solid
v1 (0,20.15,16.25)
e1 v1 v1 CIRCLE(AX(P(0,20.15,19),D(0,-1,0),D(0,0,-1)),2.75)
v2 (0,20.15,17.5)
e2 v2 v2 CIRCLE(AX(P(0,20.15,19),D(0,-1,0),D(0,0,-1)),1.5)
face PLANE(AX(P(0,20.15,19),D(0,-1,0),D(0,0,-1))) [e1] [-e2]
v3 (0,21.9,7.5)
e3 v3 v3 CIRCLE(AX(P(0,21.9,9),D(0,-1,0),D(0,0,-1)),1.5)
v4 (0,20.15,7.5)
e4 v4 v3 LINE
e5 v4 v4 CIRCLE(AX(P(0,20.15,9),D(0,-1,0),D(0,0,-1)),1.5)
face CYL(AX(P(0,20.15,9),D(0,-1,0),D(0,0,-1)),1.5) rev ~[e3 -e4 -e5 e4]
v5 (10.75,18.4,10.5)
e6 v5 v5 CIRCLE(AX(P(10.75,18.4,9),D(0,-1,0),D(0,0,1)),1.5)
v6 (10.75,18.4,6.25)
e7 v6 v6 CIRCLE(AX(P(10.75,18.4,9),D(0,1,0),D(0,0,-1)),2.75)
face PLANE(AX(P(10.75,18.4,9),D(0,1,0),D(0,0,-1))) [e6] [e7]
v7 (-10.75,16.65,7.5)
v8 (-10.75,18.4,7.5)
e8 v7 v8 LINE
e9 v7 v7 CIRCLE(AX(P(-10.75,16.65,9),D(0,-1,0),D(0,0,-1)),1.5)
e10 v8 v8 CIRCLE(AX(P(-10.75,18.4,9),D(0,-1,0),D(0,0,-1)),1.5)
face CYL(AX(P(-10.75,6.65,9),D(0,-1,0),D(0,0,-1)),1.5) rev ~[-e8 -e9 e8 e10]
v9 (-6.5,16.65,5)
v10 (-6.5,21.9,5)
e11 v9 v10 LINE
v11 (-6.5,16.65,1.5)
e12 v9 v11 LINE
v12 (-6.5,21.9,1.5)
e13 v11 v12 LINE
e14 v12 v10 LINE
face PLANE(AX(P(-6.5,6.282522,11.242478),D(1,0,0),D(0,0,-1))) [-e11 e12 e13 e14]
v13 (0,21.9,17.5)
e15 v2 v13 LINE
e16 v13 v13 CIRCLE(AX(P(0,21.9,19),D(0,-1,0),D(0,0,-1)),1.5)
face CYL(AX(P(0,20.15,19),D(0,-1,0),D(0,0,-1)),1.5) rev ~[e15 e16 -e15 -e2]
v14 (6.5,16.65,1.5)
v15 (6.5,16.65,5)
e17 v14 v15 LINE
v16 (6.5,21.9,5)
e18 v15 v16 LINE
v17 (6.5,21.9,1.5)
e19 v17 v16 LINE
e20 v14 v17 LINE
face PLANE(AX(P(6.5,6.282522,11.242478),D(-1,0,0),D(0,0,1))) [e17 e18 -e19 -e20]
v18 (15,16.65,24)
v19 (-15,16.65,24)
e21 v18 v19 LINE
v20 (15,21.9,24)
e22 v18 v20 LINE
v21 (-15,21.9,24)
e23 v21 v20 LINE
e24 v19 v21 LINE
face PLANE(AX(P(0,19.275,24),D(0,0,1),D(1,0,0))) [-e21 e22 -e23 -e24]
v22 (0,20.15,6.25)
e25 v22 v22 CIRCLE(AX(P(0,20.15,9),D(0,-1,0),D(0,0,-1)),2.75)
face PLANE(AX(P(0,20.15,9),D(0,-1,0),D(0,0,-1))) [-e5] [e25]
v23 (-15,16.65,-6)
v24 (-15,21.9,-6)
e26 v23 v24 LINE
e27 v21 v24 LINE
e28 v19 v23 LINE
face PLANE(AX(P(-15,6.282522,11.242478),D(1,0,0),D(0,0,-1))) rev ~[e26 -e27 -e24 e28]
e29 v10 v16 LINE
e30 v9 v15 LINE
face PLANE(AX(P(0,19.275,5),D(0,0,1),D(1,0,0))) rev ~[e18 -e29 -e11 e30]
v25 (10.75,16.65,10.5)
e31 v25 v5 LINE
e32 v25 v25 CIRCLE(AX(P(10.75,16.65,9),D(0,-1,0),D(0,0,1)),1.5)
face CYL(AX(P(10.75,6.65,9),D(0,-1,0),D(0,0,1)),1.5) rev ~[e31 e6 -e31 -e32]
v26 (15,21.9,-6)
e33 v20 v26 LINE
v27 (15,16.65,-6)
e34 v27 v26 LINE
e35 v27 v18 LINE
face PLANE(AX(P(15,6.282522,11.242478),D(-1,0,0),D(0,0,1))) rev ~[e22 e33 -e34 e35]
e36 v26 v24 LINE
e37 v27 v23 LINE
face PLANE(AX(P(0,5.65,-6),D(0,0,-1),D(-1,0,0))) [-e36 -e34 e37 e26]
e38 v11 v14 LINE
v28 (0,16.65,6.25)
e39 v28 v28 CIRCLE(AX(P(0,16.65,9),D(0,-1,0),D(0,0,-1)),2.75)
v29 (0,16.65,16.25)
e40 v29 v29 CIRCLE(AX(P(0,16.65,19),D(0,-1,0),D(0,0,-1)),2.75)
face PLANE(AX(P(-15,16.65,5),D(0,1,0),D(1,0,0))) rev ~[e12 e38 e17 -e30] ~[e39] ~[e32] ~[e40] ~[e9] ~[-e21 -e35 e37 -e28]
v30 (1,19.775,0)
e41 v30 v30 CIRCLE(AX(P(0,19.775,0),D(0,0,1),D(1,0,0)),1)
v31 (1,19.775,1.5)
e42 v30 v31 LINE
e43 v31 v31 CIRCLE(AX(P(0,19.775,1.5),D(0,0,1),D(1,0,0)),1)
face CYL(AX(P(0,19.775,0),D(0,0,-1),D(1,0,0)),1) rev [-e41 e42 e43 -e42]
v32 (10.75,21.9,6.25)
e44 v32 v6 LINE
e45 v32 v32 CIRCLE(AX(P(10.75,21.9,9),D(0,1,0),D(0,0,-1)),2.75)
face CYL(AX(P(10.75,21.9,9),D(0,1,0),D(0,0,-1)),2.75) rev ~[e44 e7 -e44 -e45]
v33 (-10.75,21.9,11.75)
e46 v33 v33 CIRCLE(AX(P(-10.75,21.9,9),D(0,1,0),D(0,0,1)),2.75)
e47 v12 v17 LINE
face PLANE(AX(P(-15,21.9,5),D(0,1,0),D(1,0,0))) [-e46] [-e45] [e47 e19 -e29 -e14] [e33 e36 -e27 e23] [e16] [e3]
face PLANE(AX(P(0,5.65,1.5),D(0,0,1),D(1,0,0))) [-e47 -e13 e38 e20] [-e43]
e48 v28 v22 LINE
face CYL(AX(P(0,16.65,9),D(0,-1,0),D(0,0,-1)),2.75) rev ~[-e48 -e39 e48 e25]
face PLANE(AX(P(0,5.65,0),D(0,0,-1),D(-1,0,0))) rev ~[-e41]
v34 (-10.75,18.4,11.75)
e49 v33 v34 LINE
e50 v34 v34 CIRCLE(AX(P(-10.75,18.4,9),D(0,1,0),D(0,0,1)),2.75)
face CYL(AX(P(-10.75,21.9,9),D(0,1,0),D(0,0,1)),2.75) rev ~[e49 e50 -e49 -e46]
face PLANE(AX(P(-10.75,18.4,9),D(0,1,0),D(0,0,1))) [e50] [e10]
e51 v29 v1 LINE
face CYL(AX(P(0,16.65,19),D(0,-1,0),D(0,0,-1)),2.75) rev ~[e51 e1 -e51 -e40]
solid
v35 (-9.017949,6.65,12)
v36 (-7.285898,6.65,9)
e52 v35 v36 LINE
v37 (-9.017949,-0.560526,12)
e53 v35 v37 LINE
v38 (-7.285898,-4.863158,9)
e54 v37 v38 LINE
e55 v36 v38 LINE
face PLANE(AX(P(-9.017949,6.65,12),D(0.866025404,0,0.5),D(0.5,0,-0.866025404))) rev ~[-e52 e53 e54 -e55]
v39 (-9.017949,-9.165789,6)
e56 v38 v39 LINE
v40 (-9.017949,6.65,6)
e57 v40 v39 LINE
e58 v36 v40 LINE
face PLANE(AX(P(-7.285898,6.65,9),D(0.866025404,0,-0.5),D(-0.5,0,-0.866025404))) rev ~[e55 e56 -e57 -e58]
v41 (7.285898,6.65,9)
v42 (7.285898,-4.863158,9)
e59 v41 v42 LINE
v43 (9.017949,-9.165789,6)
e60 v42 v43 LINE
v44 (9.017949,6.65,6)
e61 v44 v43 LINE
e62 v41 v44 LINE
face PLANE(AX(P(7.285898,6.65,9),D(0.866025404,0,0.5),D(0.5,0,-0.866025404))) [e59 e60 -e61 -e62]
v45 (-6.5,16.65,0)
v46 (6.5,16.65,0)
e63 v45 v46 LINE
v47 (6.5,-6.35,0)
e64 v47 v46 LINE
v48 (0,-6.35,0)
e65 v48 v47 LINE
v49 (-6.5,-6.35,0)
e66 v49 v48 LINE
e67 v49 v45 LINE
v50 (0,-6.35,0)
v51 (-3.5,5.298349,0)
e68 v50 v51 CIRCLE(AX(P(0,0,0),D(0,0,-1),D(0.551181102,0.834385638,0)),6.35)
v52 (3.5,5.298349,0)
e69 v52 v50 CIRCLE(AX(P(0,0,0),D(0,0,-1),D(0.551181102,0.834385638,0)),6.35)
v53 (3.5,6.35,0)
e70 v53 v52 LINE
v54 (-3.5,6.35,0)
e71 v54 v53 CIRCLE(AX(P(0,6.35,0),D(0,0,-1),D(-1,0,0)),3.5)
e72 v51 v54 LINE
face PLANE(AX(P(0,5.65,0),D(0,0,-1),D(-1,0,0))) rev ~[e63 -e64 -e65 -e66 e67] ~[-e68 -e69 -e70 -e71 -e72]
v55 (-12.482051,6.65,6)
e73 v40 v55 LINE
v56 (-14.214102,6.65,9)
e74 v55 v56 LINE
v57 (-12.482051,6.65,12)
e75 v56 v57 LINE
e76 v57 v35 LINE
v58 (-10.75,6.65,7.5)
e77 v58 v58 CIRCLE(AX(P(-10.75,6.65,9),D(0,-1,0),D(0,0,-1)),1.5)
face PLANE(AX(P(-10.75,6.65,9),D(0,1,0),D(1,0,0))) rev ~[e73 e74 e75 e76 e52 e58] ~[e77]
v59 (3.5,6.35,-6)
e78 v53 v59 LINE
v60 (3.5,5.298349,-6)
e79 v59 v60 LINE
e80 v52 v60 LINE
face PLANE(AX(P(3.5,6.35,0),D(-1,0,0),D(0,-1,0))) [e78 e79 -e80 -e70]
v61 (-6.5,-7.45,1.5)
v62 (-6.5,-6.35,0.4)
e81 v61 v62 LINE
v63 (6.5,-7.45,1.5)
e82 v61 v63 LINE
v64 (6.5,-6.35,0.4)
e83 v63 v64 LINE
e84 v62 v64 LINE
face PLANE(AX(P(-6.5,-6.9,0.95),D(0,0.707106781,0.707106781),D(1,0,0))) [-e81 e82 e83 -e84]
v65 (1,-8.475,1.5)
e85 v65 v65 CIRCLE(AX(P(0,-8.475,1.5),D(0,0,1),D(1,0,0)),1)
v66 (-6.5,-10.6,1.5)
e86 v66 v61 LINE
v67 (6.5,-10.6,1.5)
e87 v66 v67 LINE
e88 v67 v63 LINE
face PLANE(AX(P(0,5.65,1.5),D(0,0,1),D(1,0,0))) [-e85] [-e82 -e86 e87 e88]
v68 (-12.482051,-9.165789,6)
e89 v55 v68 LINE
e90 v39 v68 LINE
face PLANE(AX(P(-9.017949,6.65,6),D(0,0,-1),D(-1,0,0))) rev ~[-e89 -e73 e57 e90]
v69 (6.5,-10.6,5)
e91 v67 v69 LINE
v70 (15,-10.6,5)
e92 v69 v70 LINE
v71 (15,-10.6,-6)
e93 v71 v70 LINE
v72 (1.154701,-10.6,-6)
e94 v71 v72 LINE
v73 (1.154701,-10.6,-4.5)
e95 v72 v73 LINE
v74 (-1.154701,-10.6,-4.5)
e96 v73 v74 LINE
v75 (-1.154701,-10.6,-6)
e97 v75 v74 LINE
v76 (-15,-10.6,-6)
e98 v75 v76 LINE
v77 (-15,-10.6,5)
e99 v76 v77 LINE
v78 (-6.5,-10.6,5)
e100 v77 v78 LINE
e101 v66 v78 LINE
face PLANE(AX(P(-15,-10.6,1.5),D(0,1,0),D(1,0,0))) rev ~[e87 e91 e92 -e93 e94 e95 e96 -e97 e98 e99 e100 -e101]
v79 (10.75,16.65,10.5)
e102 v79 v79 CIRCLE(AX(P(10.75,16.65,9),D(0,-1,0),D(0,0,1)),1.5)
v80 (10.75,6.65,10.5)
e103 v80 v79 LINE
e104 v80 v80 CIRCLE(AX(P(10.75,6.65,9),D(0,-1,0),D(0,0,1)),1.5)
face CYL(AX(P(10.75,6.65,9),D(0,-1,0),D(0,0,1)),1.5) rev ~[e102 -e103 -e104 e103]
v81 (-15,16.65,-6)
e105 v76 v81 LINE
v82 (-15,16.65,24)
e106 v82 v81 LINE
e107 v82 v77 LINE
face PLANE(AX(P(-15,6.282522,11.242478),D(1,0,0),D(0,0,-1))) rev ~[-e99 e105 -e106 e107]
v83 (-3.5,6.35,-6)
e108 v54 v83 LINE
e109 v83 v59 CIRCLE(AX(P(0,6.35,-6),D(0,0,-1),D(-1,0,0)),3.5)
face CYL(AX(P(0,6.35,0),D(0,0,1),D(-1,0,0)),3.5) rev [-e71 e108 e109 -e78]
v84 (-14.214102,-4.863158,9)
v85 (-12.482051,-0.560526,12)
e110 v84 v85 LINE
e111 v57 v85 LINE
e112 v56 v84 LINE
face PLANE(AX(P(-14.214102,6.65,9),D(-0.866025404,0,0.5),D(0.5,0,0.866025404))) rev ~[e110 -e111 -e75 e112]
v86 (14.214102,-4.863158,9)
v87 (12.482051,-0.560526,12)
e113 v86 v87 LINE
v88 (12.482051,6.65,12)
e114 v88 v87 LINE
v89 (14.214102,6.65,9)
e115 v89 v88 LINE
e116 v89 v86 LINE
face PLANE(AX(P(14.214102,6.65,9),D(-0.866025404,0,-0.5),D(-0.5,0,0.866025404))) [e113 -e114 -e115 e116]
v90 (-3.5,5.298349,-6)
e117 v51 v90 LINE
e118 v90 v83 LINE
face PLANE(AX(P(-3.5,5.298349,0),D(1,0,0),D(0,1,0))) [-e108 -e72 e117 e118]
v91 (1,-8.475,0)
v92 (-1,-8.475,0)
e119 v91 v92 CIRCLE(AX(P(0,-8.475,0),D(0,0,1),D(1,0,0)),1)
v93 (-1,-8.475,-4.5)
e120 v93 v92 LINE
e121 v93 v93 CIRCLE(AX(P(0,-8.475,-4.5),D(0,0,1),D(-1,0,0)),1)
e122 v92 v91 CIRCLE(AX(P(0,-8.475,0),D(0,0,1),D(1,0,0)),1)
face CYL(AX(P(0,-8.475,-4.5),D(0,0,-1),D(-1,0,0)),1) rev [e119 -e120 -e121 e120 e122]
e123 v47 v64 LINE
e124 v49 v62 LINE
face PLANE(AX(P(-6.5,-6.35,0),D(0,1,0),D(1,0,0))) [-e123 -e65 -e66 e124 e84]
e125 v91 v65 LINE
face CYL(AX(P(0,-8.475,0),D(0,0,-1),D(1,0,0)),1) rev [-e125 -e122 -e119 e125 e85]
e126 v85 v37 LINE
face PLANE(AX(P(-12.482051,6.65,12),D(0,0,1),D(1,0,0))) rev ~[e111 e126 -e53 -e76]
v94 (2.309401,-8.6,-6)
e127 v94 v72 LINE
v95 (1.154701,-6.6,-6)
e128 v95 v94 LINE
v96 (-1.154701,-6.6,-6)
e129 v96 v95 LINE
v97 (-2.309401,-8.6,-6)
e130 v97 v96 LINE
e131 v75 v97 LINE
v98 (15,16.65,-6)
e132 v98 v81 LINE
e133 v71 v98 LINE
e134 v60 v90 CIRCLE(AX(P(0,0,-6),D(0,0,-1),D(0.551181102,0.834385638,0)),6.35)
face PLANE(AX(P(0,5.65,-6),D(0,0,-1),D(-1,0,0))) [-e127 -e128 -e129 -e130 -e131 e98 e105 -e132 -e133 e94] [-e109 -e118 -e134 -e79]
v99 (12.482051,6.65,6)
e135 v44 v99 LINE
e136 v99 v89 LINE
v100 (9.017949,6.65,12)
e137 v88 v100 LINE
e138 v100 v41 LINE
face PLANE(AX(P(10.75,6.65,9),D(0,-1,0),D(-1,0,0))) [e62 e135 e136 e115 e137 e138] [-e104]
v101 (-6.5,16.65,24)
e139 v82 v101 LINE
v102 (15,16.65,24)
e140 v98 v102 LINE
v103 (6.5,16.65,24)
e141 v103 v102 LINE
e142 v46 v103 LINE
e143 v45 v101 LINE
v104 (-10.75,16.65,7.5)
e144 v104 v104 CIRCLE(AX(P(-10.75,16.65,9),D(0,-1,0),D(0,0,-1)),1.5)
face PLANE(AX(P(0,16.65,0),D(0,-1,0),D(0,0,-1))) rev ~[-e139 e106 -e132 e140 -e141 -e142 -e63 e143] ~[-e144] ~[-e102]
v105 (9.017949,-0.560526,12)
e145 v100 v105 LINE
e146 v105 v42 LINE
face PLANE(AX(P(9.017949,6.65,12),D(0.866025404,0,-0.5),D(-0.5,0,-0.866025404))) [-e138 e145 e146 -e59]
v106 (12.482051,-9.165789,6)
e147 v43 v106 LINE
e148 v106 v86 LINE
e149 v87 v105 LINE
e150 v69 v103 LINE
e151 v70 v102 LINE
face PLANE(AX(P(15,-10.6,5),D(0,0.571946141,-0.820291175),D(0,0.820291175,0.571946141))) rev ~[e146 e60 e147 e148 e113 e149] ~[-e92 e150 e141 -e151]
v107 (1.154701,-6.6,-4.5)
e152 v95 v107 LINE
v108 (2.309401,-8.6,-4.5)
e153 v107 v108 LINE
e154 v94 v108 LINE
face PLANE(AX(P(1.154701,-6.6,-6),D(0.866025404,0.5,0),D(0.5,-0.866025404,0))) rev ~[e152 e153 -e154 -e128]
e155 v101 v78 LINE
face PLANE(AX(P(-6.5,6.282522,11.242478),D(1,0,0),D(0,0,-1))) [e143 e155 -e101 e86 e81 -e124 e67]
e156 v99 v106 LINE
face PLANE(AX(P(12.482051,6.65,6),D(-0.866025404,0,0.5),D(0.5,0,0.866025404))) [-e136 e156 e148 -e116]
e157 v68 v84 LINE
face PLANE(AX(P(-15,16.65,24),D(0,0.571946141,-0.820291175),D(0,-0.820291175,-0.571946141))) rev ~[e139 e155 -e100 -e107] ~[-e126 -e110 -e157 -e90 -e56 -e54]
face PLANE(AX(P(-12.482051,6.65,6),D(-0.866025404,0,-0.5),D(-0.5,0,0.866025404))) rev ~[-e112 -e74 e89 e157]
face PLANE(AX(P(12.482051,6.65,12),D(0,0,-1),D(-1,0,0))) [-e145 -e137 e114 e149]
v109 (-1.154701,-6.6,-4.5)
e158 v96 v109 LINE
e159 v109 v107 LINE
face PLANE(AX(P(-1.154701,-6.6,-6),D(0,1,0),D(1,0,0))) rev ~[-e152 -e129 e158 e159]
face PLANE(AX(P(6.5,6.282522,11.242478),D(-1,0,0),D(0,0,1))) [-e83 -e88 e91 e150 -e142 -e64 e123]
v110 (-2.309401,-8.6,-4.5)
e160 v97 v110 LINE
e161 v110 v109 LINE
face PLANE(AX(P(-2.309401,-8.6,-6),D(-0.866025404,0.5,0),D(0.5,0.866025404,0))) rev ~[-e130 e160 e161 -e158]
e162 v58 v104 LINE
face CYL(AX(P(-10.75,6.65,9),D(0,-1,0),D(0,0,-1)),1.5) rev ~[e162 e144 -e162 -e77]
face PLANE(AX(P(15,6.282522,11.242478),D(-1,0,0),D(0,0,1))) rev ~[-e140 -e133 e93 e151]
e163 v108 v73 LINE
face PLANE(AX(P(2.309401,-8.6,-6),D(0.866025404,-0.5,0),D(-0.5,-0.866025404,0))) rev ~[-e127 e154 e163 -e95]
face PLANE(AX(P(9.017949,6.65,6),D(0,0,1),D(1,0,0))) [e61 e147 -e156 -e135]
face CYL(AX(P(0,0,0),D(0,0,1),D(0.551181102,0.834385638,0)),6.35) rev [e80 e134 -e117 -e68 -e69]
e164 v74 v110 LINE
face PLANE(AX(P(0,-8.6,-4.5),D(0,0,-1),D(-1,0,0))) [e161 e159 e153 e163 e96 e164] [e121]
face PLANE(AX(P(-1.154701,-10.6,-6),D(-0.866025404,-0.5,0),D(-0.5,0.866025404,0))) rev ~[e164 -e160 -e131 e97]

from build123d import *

# Parameters (mm, degrees)
SKETCH1_W           = 30
SKETCH1_H           = 32.5
SKETCH1_R           = 1
SKETCH1_W_2         = 13
SKETCH1_H_2         = 23
BOSS_EXTRUDE3_DEPTH = 1.5
SKETCH6_W           = 30
SKETCH6_H           = 32.5
BOSS_EXTRUDE4_DEPTH = 6
CUT_EXTRUDE1_DEPTH  = 6
SKETCH7_W           = 8.5
SKETCH7_H           = 32.5
BOSS_EXTRUDE5_DEPTH = 3.5
SKETCH8_W           = 30
SKETCH8_H           = 5.25
BOSS_EXTRUDE6_DEPTH = 19
BOSS_EXTRUDE7_DEPTH = 8.5
BOSS_EXTRUDE8_DEPTH = 8.5
CUT_EXTRUDE2_DEPTH  = 1.5
CUT_EXTRUDE3_START  = -4.5
SKETCH14_R          = 1
CUT_EXTRUDE3_DEPTH  = 4.5
CHAMFER2_SIZE       = 1.1
SKETCH15_R          = 2.75
CUT_EXTRUDE4_DEPTH  = 3.5
SKETCH16_R          = 1.5
CUT_EXTRUDE5_DEPTH  = 1.75
CUT_EXTRUDE6_REACH  = 35.145
SKETCH20_R          = 1.5
CUT_EXTRUDE7_DEPTH  = 15.25
SKETCH21_R          = 2.75
CUT_EXTRUDE8_DEPTH  = 3.5


with BuildPart() as part:
    # Sketch1 → Boss-Extrude3 (new body)
    with BuildSketch(Plane.XY):
        with Locations((0, 5.65)):
            Rectangle(SKETCH1_W, SKETCH1_H)
        with Locations((0, -8.475)):
            Circle(SKETCH1_R, mode=Mode.SUBTRACT)
        with Locations((0, 19.775)):
            Circle(SKETCH1_R, mode=Mode.SUBTRACT)
        with Locations((0, 5.15)):
            Rectangle(SKETCH1_W_2, SKETCH1_H_2, mode=Mode.SUBTRACT)
    extrude(amount=BOSS_EXTRUDE3_DEPTH)

    # Sketch6 → Boss-Extrude4 (add)
    with BuildSketch(Plane(origin=(0, 0, 0), x_dir=(-1, 0, 0), z_dir=(0, 0, -1))):
        with Locations((0, 5.65)):
            Rectangle(SKETCH6_W, SKETCH6_H)
    extrude(amount=BOSS_EXTRUDE4_DEPTH)

    # Sketch1<3> → Cut-Extrude1 (cut)
    with BuildSketch(Plane.XY):
        with BuildLine():
            Line((3.5, 6.35), (3.5, 5.298348799))
            ThreePointArc((3.5, 5.298348799), (0, -6.35), (-3.5, 5.298348799))
            Line((-3.5, 5.298348799), (-3.5, 6.35))
            ThreePointArc((-3.5, 6.35), (0, 9.85), (3.5, 6.35))
        make_face()
    extrude(amount=-CUT_EXTRUDE1_DEPTH, mode=Mode.SUBTRACT)

    # Sketch7 → Boss-Extrude5 (add)
    with BuildSketch(Plane.XY.offset(1.5)):
        with Locations((-10.75, 5.65)):
            Rectangle(SKETCH7_W, SKETCH7_H)
        with Locations((10.75, 5.65)):
            Rectangle(SKETCH7_W, SKETCH7_H)
    extrude(amount=BOSS_EXTRUDE5_DEPTH)

    # Sketch8 → Boss-Extrude6 (add)
    with BuildSketch(Plane.XY.offset(5)):
        with Locations((0, 19.275)):
            Rectangle(SKETCH8_W, SKETCH8_H)
    extrude(amount=BOSS_EXTRUDE6_DEPTH)

    # Sketch9 → Boss-Extrude7 (add)
    with BuildSketch(Plane(origin=(15, 0, 0), x_dir=(0, 0, -1), z_dir=(1, 0, 0))):
        Polygon((-24, 16.65), (-5, 16.65), (-5, -10.6), align=None)
    extrude(amount=-BOSS_EXTRUDE7_DEPTH)

    # Sketch10 → Boss-Extrude8 (add)
    with BuildSketch(Plane.ZY.offset(15)):
        Polygon((24, 16.65), (5, -10.6), (5, 16.65), align=None)
    extrude(amount=-BOSS_EXTRUDE8_DEPTH)

    # Sketch12 → Cut-Extrude2 (cut)
    with BuildSketch(Plane(origin=(0, 0, -6), x_dir=(-1, 0, 0), z_dir=(0, 0, -1))):
        Polygon((2.309401077, -8.6), (1.154700538, -6.6), (-1.154700538, -6.6), (-2.309401077, -8.6), (-1.154700538, -10.6), (1.154700538, -10.6), align=None)
    extrude(amount=-CUT_EXTRUDE2_DEPTH, mode=Mode.SUBTRACT)

    # Sketch14 → Cut-Extrude3 (cut)
    with BuildSketch(Plane.XY.offset(CUT_EXTRUDE3_START)):
        with Locations(Location((0, -8.475, 0), (0, 0, 180))):
            Circle(SKETCH14_R)
    extrude(amount=CUT_EXTRUDE3_DEPTH, mode=Mode.SUBTRACT)

    # Chamfer2
    chamfer2_edges = [part.edges().sort_by_distance(p)[0] for p in [
        (0, -6.35, 1.5),
    ]]
    chamfer(chamfer2_edges, length=CHAMFER2_SIZE)

    # Sketch15 → Cut-Extrude4 (cut)
    with BuildSketch(Plane.XZ.offset(-16.65)):
        with Locations(Location((0, 19, 0), (0, 0, 270))):
            Circle(SKETCH15_R)
        with Locations(Location((0, 9, 0), (0, 0, 270))):
            Circle(SKETCH15_R)
    extrude(amount=-CUT_EXTRUDE4_DEPTH, mode=Mode.SUBTRACT)

    # Sketch16 → Cut-Extrude5 (cut)
    with BuildSketch(Plane.XZ.offset(-20.15)):
        with Locations(Location((0, 19, 0), (0, 0, 270))):
            Circle(SKETCH16_R)
        with Locations(Location((0, 9, 0), (0, 0, 270))):
            Circle(SKETCH16_R)
    extrude(amount=-CUT_EXTRUDE5_DEPTH, mode=Mode.SUBTRACT)

    # Cut-Extrude6: up to this plane
    cut_extrude6_end = Plane(origin=(-26.719911198, -10.6, 5), z_dir=(0, -0.5719461405775754, 0.8202911753020488))
    # Sketch19 → Cut-Extrude6 (cut, up to the surface)
    with BuildSketch(Plane(origin=(0, 6.65, 0), x_dir=(-1, 0, 0), z_dir=(0, -1, 0)), mode=Mode.PRIVATE) as cut_extrude6_sk1:
        Polygon((9.017949192, -12), (7.285898385, -9), (9.017949192, -6), (12.482050808, -6), (14.214101615, -9), (12.482050808, -12), align=None)
    cut_extrude6_tool1 = split(extrude(cut_extrude6_sk1.sketch, amount=CUT_EXTRUDE6_REACH, mode=Mode.PRIVATE), bisect_by=cut_extrude6_end, keep=Keep.BOTH, mode=Mode.PRIVATE)
    add(cut_extrude6_tool1.solids().sort_by_distance((-10.75, 6.65, 9))[0], mode=Mode.SUBTRACT)
    # Sketch19 → Cut-Extrude6 (cut, up to the surface)
    with BuildSketch(Plane(origin=(0, 6.65, 0), x_dir=(-1, 0, 0), z_dir=(0, -1, 0)), mode=Mode.PRIVATE) as cut_extrude6_sk2:
        Polygon((-7.285898385, -9), (-9.017949192, -6), (-12.482050808, -6), (-14.214101615, -9), (-12.482050808, -12), (-9.017949192, -12), align=None)
    cut_extrude6_tool2 = split(extrude(cut_extrude6_sk2.sketch, amount=CUT_EXTRUDE6_REACH, mode=Mode.PRIVATE), bisect_by=cut_extrude6_end, keep=Keep.BOTH, mode=Mode.PRIVATE)
    add(cut_extrude6_tool2.solids().sort_by_distance((10.75, 6.65, 9))[0], mode=Mode.SUBTRACT)

    # Sketch20 → Cut-Extrude7 (cut)
    with BuildSketch(Plane.XZ.offset(-6.65)):
        with Locations(Location((-10.75, 9, 0), (0, 0, 270))):
            Circle(SKETCH20_R)
        with Locations(Location((10.75, 9, 0), (0, 0, 90))):
            Circle(SKETCH20_R)
    extrude(amount=-CUT_EXTRUDE7_DEPTH, mode=Mode.SUBTRACT)

    # Sketch21 → Cut-Extrude8 (cut)
    with BuildSketch(Plane(origin=(0, 21.9, 0), x_dir=(1, 0, 0), z_dir=(0, 1, 0))):
        with Locations(Location((-10.75, -9, 0), (0, 0, 270))):
            Circle(SKETCH21_R)
        with Locations(Location((10.75, -9, 0), (0, 0, 90))):
            Circle(SKETCH21_R)
    extrude(amount=-CUT_EXTRUDE8_DEPTH, mode=Mode.SUBTRACT)


with BuildPart() as body_2:
    # Split1: the piece on the far side of the plane
    add(part.part)
    split(bisect_by=Plane(origin=(0, 16.65, 0), x_dir=(0, 0, -1), z_dir=(0, -1, 0)), keep=Keep.BOTTOM)


with BuildPart() as part_1:
    add(part.part)

    # Split1
    split(bisect_by=Plane(origin=(0, 16.65, 0), x_dir=(0, 0, -1), z_dir=(0, -1, 0)), keep=Keep.TOP)


solid = Compound([body_2.part, part_1.part])
